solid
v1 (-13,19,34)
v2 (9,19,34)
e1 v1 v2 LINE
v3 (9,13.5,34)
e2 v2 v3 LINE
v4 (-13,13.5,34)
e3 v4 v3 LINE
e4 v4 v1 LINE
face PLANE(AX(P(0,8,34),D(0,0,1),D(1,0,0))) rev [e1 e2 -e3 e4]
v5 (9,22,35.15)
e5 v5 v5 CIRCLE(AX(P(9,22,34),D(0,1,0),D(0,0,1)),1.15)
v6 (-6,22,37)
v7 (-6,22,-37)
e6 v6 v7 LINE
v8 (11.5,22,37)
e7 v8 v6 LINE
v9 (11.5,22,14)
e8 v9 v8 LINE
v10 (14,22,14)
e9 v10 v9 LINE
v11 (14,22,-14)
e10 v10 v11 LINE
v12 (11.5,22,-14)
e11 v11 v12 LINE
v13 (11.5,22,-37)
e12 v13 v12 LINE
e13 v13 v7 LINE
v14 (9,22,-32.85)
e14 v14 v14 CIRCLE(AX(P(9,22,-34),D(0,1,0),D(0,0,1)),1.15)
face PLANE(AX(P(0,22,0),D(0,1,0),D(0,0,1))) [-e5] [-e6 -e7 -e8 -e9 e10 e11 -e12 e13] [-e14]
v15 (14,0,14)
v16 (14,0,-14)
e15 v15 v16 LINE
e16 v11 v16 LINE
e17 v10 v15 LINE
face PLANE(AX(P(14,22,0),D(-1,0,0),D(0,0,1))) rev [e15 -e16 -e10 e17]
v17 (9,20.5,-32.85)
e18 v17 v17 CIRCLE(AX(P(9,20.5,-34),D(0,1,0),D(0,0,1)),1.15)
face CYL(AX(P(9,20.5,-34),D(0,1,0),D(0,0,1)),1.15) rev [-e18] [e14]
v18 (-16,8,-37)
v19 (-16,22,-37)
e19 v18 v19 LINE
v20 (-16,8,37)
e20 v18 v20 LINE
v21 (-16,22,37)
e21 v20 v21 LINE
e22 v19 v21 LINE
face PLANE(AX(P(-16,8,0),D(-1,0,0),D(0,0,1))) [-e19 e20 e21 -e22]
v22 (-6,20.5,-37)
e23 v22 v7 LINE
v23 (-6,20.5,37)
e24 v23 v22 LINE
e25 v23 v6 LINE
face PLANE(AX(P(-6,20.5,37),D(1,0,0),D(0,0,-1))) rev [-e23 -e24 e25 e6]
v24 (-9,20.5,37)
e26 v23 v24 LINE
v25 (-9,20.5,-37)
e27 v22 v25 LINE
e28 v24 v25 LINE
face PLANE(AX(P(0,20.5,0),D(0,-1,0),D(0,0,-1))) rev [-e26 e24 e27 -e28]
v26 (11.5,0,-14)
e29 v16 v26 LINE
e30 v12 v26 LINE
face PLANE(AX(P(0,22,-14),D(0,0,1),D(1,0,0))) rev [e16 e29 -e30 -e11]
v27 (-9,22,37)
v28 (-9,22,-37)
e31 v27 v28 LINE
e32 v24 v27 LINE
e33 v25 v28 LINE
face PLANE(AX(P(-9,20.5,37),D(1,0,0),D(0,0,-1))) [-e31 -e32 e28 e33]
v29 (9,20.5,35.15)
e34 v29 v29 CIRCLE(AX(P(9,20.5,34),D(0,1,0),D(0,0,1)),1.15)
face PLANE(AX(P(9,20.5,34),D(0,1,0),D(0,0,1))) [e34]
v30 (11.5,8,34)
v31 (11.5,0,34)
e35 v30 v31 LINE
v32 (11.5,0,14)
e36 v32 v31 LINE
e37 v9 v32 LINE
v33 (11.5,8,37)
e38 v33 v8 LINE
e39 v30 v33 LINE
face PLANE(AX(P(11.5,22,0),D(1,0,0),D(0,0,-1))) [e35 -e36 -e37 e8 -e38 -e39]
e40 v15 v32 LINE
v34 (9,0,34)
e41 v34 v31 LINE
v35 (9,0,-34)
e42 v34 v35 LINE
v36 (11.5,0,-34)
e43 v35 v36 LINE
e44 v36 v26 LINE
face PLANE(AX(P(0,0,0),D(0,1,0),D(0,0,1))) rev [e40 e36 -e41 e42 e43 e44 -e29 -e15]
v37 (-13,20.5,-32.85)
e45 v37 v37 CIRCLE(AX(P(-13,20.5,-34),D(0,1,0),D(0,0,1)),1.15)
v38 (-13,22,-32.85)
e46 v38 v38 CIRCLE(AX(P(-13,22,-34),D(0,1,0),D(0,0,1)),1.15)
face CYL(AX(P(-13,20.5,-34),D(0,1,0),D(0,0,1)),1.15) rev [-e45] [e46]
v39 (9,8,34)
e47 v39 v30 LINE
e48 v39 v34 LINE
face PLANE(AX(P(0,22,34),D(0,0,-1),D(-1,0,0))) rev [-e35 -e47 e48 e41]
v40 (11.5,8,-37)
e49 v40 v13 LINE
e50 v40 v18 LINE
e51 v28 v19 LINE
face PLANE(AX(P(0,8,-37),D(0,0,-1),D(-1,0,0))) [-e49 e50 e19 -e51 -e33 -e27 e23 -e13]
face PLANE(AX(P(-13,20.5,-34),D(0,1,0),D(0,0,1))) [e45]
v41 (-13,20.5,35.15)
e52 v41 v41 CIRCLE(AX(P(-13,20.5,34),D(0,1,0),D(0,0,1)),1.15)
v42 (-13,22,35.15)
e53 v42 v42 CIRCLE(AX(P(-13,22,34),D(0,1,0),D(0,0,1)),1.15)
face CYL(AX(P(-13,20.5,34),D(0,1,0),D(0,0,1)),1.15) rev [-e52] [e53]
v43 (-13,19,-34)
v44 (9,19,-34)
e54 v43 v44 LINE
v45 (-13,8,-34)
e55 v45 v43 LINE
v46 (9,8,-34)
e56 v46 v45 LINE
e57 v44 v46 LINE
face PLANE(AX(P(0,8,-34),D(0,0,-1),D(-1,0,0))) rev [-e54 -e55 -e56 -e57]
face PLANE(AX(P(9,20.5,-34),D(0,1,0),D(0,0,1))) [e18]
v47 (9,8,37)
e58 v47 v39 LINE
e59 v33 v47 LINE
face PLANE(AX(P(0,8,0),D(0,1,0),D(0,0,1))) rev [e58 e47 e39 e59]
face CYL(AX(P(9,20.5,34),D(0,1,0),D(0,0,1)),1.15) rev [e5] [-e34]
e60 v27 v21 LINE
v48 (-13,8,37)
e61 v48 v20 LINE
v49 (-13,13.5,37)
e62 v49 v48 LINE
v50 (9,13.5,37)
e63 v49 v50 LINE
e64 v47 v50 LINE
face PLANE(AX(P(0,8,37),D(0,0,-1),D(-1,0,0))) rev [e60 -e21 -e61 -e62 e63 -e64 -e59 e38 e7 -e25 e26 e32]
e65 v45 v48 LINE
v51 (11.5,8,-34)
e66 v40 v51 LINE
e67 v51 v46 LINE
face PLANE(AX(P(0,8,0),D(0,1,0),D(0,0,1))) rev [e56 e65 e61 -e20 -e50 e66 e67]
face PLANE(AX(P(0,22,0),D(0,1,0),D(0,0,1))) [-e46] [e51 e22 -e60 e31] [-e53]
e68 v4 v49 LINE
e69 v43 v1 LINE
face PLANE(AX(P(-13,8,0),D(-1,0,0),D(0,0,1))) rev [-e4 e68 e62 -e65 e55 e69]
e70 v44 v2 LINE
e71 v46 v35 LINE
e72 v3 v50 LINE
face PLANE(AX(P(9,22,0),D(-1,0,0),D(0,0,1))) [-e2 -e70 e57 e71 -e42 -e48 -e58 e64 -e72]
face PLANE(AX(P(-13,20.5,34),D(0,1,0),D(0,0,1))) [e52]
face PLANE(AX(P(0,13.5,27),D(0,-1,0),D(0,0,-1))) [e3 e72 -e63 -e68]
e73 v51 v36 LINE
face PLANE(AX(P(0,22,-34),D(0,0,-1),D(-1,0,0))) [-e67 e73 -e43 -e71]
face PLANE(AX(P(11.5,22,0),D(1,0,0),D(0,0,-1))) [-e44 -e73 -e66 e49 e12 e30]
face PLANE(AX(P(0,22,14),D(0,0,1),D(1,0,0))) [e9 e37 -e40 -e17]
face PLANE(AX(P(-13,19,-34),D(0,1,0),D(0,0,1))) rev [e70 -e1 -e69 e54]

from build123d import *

# Parameters (mm, degrees)
BOSS_EXTRUDE1_DEPTH = 22
SKETCH2_W           = 68
SKETCH2_H           = 3
BOSS_EXTRUDE2_DEPTH = 22
BOSS_EXTRUDE3_DEPTH = 14
CUT_EXTRUDE1_DEPTH  = 10
SKETCH5_R           = 1.15
SKETCH5_W           = 3
SKETCH5_H           = 74
CUT_EXTRUDE2_DEPTH  = 1.5


with BuildPart() as part:
    # Sketch1 → Boss-Extrude1 (new body)
    with BuildSketch(Plane(origin=(0, 0, 0), x_dir=(1, 0, 0), z_dir=(0, 1, 0))):
        Polygon((14, 14), (11.5, 14), (11.5, 34), (9, 34), (9, -34), (11.5, -34), (11.5, -14), (14, -14), align=None)
    extrude(amount=BOSS_EXTRUDE1_DEPTH)

    # Sketch2 → Boss-Extrude2 (add)
    with BuildSketch(Plane.ZY.offset(-9)):
        with Locations((0, 20.5)):
            Rectangle(SKETCH2_W, SKETCH2_H)
    extrude(amount=BOSS_EXTRUDE2_DEPTH)

    # Sketch3 → Boss-Extrude3 (add)
    with BuildSketch(Plane(origin=(0, 22, 0), x_dir=(1, 0, 0), z_dir=(0, 1, 0))):
        Polygon((-13, 34), (11.5, 34), (11.5, 37), (-16, 37), (-16, -37), (11.5, -37), (11.5, -34), (-13, -34), align=None)
    extrude(amount=-BOSS_EXTRUDE3_DEPTH)

    # Sketch4 → Cut-Extrude1 (cut)
    with BuildSketch(Plane.XY.offset(37)):
        Polygon((7, 13.5), (-11, 13.5), (-13, 13.5), (-13, 8), (-11, 8), (7, 8), (9, 8), (9, 13.5), align=None)
    extrude(amount=-CUT_EXTRUDE1_DEPTH, mode=Mode.SUBTRACT)

    # Sketch5 → Cut-Extrude2 (cut)
    with BuildSketch(Plane(origin=(0, 22, 0), x_dir=(1, 0, 0), z_dir=(0, 1, 0))):
        with Locations(Location((9, 34, 0), (0, 0, 270))):
            Circle(SKETCH5_R)
        with Locations(Location((9, -34, 0), (0, 0, 270))):
            Circle(SKETCH5_R)
        with Locations(Location((-13, -34, 0), (0, 0, 270))):
            Circle(SKETCH5_R)
        with Locations(Location((-13, 34, 0), (0, 0, 270))):
            Circle(SKETCH5_R)
        with Locations((-7.5, 0)):
            Rectangle(SKETCH5_W, SKETCH5_H)
    extrude(amount=-CUT_EXTRUDE2_DEPTH, mode=Mode.SUBTRACT)


solid = part.part
